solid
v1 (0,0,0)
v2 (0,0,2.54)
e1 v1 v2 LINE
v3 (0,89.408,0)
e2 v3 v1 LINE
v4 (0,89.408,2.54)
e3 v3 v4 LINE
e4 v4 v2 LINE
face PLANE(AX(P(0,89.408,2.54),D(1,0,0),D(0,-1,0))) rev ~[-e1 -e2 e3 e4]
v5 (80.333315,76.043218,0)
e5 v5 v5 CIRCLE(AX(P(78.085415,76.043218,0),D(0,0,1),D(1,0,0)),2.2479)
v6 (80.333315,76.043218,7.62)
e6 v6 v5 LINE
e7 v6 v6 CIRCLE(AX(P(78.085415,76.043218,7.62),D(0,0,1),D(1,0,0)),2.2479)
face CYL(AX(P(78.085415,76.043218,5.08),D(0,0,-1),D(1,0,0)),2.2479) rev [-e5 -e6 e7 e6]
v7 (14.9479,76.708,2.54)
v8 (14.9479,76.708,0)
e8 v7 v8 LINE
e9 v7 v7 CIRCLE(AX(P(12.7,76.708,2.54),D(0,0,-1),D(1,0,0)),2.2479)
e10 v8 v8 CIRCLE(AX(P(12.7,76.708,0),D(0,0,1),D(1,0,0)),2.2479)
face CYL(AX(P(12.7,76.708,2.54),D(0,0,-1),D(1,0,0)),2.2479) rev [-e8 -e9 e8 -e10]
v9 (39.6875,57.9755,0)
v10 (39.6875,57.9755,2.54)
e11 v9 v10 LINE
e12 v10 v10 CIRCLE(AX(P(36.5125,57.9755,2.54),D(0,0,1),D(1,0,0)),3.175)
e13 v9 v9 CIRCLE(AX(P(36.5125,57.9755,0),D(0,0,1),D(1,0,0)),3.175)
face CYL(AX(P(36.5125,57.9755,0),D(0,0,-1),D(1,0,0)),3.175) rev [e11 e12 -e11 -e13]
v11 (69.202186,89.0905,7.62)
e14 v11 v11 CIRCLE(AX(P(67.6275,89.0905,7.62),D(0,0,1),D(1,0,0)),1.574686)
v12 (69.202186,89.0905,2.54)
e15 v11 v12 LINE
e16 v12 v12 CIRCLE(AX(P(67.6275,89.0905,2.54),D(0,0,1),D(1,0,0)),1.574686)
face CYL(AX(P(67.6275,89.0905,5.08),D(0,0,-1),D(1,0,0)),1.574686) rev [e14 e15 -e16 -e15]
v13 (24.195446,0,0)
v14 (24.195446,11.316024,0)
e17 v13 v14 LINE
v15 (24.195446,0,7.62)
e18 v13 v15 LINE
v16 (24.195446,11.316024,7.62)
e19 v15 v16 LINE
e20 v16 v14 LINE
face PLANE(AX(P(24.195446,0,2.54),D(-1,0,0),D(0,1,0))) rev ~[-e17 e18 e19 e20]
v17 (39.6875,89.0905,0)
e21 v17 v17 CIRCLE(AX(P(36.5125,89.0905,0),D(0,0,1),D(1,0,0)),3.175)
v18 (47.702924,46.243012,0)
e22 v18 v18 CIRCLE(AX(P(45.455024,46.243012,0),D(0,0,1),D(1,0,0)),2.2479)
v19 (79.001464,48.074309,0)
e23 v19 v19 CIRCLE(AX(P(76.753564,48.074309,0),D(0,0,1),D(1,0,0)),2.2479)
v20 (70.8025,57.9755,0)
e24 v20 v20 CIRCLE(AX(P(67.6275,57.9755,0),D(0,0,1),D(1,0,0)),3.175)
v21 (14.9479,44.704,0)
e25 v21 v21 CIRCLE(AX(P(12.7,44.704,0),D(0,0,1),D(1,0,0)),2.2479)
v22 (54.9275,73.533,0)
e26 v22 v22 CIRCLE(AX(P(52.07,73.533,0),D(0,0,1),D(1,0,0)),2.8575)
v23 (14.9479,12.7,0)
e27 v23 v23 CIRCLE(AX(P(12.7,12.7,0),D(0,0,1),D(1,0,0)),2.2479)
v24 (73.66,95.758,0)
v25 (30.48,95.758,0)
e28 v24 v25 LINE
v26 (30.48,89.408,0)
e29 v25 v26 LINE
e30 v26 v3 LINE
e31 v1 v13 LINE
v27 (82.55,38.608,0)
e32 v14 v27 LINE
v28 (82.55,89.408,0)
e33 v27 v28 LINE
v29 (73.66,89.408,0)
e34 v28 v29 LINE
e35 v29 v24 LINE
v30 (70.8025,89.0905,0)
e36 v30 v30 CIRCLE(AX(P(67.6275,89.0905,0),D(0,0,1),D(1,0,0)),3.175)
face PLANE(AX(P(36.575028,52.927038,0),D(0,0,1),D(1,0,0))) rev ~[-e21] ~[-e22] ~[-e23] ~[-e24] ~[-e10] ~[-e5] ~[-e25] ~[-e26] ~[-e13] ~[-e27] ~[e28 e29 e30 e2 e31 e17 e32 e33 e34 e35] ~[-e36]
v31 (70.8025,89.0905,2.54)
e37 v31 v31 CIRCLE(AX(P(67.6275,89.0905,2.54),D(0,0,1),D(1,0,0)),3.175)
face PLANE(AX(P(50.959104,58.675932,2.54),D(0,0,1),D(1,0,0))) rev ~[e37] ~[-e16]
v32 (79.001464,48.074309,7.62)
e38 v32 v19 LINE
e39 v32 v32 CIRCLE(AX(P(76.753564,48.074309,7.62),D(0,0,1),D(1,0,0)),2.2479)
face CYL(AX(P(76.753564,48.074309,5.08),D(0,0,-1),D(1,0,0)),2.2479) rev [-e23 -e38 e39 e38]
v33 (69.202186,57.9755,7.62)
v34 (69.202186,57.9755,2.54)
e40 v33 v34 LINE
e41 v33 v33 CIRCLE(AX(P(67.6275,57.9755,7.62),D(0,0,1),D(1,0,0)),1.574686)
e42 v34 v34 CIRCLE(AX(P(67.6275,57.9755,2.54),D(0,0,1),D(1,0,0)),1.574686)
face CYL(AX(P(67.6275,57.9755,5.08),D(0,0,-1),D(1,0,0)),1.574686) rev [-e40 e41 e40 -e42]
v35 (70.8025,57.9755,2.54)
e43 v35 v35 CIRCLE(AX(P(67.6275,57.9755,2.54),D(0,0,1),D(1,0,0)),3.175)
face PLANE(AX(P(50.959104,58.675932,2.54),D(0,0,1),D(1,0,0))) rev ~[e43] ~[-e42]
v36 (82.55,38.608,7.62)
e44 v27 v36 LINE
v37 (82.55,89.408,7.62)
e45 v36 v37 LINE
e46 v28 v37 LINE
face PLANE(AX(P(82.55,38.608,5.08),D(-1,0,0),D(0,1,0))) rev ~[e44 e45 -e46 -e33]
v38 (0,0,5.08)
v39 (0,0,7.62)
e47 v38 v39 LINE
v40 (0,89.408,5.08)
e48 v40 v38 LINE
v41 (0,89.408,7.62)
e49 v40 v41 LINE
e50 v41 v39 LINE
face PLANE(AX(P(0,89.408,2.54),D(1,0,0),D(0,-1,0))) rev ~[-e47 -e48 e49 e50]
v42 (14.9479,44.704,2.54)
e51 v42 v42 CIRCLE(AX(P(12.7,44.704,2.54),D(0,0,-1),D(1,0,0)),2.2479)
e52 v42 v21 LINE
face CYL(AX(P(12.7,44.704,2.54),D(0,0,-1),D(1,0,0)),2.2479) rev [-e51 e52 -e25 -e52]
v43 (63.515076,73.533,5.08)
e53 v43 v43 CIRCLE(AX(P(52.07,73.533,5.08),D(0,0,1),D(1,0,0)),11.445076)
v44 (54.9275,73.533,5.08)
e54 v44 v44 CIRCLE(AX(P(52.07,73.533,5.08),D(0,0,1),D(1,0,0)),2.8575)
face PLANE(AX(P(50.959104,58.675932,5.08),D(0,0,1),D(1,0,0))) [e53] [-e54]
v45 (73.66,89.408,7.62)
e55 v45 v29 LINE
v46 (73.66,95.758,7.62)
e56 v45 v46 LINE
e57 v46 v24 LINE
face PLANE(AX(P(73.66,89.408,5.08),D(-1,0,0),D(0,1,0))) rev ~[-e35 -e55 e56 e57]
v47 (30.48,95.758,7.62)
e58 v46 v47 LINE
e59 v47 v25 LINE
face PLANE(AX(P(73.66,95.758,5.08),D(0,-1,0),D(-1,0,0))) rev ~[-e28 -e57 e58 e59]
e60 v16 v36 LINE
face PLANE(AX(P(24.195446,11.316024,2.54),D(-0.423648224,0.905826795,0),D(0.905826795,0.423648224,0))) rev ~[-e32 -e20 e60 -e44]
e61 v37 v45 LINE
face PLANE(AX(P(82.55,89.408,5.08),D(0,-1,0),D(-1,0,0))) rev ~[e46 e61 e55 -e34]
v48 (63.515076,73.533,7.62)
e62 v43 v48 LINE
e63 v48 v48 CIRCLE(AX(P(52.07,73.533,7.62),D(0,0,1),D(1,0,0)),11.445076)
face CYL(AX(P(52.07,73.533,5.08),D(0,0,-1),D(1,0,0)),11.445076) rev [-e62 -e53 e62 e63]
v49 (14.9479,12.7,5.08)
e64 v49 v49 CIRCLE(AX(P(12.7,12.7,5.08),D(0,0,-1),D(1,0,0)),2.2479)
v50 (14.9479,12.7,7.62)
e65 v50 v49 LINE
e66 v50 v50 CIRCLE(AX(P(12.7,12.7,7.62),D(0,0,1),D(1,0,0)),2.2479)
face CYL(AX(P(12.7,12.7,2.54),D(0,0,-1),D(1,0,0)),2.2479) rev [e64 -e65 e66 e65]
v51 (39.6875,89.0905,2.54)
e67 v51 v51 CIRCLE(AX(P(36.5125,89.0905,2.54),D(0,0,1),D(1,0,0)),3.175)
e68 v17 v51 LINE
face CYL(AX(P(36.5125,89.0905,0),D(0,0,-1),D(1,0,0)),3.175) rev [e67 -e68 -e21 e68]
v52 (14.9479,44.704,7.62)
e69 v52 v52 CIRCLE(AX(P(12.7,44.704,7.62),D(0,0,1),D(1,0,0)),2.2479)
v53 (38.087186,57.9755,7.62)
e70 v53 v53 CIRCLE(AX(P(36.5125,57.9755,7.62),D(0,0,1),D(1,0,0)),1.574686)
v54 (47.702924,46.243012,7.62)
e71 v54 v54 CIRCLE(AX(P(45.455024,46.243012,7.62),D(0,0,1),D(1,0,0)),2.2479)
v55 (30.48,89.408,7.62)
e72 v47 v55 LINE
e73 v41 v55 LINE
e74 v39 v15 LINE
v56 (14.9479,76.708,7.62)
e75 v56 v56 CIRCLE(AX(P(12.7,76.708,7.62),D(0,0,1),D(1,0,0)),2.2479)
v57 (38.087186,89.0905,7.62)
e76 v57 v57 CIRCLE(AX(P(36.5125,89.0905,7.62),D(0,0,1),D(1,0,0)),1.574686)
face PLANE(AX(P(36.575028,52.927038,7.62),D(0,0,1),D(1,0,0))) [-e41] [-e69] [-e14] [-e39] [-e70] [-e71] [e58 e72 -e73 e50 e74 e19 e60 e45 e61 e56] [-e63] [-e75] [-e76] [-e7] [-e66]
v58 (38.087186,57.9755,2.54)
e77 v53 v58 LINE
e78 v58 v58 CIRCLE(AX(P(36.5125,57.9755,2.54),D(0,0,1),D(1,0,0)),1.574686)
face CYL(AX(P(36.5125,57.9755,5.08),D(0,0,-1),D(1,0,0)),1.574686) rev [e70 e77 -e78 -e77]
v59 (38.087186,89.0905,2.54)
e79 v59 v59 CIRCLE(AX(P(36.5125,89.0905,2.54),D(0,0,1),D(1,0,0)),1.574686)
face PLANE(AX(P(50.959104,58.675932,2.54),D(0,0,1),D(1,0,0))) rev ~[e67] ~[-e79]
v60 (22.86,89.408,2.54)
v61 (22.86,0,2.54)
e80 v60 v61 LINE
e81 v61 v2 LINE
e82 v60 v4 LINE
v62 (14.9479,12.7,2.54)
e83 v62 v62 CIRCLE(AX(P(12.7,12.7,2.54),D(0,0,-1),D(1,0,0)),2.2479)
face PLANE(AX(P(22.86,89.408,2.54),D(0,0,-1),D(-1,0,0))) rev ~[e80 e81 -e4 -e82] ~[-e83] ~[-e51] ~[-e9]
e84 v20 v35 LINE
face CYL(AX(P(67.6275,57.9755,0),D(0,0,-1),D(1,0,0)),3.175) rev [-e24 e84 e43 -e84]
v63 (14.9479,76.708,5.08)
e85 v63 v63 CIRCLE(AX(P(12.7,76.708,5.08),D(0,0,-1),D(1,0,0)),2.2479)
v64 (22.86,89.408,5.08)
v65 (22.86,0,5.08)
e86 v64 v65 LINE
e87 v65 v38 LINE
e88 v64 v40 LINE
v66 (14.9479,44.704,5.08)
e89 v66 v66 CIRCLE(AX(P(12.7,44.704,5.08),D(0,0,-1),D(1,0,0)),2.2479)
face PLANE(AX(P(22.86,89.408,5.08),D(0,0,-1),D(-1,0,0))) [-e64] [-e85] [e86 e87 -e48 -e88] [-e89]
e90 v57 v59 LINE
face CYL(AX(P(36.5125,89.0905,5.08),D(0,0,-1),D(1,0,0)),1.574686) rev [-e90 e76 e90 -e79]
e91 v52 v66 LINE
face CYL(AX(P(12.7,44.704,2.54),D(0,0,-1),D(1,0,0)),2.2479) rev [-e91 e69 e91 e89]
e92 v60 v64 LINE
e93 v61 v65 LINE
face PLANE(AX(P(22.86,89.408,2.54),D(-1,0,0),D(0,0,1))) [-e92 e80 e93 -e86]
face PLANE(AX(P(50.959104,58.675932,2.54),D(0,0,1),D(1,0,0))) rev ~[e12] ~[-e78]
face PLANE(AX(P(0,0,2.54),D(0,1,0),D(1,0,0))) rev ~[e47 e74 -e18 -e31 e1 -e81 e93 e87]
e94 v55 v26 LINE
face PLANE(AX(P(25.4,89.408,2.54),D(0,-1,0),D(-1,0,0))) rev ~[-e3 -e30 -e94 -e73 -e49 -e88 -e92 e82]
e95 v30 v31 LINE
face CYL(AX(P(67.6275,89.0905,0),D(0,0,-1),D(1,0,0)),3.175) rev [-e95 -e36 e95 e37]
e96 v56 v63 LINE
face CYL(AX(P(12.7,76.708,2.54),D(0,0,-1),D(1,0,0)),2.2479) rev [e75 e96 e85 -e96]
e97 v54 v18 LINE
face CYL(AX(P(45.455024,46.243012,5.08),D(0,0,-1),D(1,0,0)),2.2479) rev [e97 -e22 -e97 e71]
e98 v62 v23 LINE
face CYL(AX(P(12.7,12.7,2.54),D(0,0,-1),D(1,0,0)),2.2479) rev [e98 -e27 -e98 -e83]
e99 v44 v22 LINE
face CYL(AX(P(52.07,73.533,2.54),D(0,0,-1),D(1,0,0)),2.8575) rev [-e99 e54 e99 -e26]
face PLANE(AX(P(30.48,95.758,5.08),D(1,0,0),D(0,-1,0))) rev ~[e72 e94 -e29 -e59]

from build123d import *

# Parameters (mm, degrees)
F0_R     = 2.2479
F0_R_2   = 3.175
F0_R_3   = 11.43
F0_R_4   = 2.8575
F1_DEPTH = 2.54
F2_R     = 2.2479
F2_R_2   = 3.175
F2_R_3   = 2.8575
F2_R_4   = 1.574685516
F3_DEPTH = 2.54
F4_R     = 2.2479
F4_R_2   = 1.574685516
F4_R_3   = 11.4450762602
F5_DEPTH = 2.54
F6_DEPTH = 5.08
F7_W     = 22.86
F7_H     = 2.54
F8_DEPTH = 89.409


with BuildPart() as f1:
    # F0 (on Top) → F1 (new body)
    with BuildSketch(Plane.XY):
        Polygon((0, 89.408), (0, 0), (24.1954457015, 0), (24.1954457015, 11.3160238358), (82.55, 38.608), (82.55, 89.408), (73.66, 89.408), (73.66, 95.758), (30.48, 95.758), (30.48, 89.408), align=None)
        with Locations((12.7, 12.7)):
            Circle(F0_R, mode=Mode.SUBTRACT)
        with Locations((12.7, 44.704)):
            Circle(F0_R, mode=Mode.SUBTRACT)
        with Locations((45.4550236464, 46.2430119514)):
            Circle(F0_R, mode=Mode.SUBTRACT)
        with Locations((36.5125, 57.9755)):
            Circle(F0_R_2, mode=Mode.SUBTRACT)
        with Locations((12.7, 76.708)):
            Circle(F0_R, mode=Mode.SUBTRACT)
        with Locations((36.5125, 89.0905)):
            Circle(F0_R_2, mode=Mode.SUBTRACT)
        with Locations((67.6275, 57.9755)):
            Circle(F0_R_2, mode=Mode.SUBTRACT)
        with Locations((76.7535641789, 48.0743087828)):
            Circle(F0_R, mode=Mode.SUBTRACT)
        with Locations((52.07, 73.533)):
            Circle(F0_R_3, mode=Mode.SUBTRACT)
        with Locations((78.0854150653, 76.0432183743)):
            Circle(F0_R, mode=Mode.SUBTRACT)
        with Locations((67.6275, 89.0905)):
            Circle(F0_R_2, mode=Mode.SUBTRACT)
        with Locations((52.07, 73.533)):
            Circle(F0_R_3)
        with Locations((52.07, 73.533)):
            Circle(F0_R_4, mode=Mode.SUBTRACT)
    extrude(amount=F1_DEPTH)

    # F2 (on face) → F3 (join)
    with BuildSketch(Plane.XY.offset(2.54)):
        Polygon((30.48, 89.408), (25.4, 89.408), (25.4, 11.8793846154), (82.55, 38.608), (82.55, 89.408), (73.66, 89.408), (73.66, 95.758), (30.48, 95.758), align=None)
        with Locations((45.4550236464, 46.2430119514)):
            Circle(F2_R, mode=Mode.SUBTRACT)
        with Locations((36.5125, 57.9755)):
            Circle(F2_R_2, mode=Mode.SUBTRACT)
        with Locations((36.5125, 89.0905)):
            Circle(F2_R_2, mode=Mode.SUBTRACT)
        with Locations((67.6275, 57.9755)):
            Circle(F2_R_2, mode=Mode.SUBTRACT)
        with Locations((76.7535641789, 48.0743087828)):
            Circle(F2_R, mode=Mode.SUBTRACT)
        with Locations((52.07, 73.533)):
            Circle(F2_R_3, mode=Mode.SUBTRACT)
        with Locations((78.0854150653, 76.0432183743)):
            Circle(F2_R, mode=Mode.SUBTRACT)
        with Locations((67.6275, 89.0905)):
            Circle(F2_R_2, mode=Mode.SUBTRACT)
        with Locations((36.5125, 57.9755)):
            Circle(F2_R_2)
        with Locations((36.5125, 57.9755)):
            Circle(F2_R_4, mode=Mode.SUBTRACT)
        with Locations((67.6275, 57.9755)):
            Circle(F2_R_2)
        with Locations((67.6275, 57.9755)):
            Circle(F2_R_4, mode=Mode.SUBTRACT)
        with Locations((67.6275, 89.0905)):
            Circle(F2_R_2)
        with Locations((67.6275, 89.0905)):
            Circle(F2_R_4, mode=Mode.SUBTRACT)
        with Locations((36.5125, 89.0905)):
            Circle(F2_R_2)
        with Locations((36.5125, 89.0905)):
            Circle(F2_R_4, mode=Mode.SUBTRACT)
    extrude(amount=F3_DEPTH)

    # F4 (on face) → F5 (join)
    with BuildSketch(Plane.XY.offset(5.08)):
        Polygon((30.48, 89.408), (25.4, 89.408), (25.4, 11.8793846154), (82.55, 38.608), (82.55, 89.408), (73.66, 89.408), (73.66, 95.758), (30.48, 95.758), align=None)
        with Locations((45.4550236464, 46.2430119514)):
            Circle(F4_R, mode=Mode.SUBTRACT)
        with Locations((36.5125, 57.9755)):
            Circle(F4_R_2, mode=Mode.SUBTRACT)
        with Locations((36.5125, 89.0905)):
            Circle(F4_R_2, mode=Mode.SUBTRACT)
        with Locations((67.6275, 57.9755)):
            Circle(F4_R_2, mode=Mode.SUBTRACT)
        with Locations((76.7535641789, 48.0743087828)):
            Circle(F4_R, mode=Mode.SUBTRACT)
        with Locations((52.07, 73.533)):
            Circle(F4_R_3, mode=Mode.SUBTRACT)
        with Locations((78.0854150653, 76.0432183743)):
            Circle(F4_R, mode=Mode.SUBTRACT)
        with Locations((67.6275, 89.0905)):
            Circle(F4_R_2, mode=Mode.SUBTRACT)
    extrude(amount=F5_DEPTH)

    # F6 (add): a face of the model
    f6_faces = [f1.faces().sort_by_distance(p)[0] for p in [
        (12.7, 88.4785404547, 2.54),
    ]]
    extrude(f6_faces, amount=F6_DEPTH)

    # F7 (on face) → F8 (cut, through all)
    with BuildSketch(Plane(origin=(0, 89.408, 0), x_dir=(-1, 0, 0), z_dir=(0, 1, 0))):
        with Locations((-11.43, 3.81)):
            Rectangle(F7_W, F7_H)
    extrude(amount=-F8_DEPTH, mode=Mode.SUBTRACT)


solid = f1.part
